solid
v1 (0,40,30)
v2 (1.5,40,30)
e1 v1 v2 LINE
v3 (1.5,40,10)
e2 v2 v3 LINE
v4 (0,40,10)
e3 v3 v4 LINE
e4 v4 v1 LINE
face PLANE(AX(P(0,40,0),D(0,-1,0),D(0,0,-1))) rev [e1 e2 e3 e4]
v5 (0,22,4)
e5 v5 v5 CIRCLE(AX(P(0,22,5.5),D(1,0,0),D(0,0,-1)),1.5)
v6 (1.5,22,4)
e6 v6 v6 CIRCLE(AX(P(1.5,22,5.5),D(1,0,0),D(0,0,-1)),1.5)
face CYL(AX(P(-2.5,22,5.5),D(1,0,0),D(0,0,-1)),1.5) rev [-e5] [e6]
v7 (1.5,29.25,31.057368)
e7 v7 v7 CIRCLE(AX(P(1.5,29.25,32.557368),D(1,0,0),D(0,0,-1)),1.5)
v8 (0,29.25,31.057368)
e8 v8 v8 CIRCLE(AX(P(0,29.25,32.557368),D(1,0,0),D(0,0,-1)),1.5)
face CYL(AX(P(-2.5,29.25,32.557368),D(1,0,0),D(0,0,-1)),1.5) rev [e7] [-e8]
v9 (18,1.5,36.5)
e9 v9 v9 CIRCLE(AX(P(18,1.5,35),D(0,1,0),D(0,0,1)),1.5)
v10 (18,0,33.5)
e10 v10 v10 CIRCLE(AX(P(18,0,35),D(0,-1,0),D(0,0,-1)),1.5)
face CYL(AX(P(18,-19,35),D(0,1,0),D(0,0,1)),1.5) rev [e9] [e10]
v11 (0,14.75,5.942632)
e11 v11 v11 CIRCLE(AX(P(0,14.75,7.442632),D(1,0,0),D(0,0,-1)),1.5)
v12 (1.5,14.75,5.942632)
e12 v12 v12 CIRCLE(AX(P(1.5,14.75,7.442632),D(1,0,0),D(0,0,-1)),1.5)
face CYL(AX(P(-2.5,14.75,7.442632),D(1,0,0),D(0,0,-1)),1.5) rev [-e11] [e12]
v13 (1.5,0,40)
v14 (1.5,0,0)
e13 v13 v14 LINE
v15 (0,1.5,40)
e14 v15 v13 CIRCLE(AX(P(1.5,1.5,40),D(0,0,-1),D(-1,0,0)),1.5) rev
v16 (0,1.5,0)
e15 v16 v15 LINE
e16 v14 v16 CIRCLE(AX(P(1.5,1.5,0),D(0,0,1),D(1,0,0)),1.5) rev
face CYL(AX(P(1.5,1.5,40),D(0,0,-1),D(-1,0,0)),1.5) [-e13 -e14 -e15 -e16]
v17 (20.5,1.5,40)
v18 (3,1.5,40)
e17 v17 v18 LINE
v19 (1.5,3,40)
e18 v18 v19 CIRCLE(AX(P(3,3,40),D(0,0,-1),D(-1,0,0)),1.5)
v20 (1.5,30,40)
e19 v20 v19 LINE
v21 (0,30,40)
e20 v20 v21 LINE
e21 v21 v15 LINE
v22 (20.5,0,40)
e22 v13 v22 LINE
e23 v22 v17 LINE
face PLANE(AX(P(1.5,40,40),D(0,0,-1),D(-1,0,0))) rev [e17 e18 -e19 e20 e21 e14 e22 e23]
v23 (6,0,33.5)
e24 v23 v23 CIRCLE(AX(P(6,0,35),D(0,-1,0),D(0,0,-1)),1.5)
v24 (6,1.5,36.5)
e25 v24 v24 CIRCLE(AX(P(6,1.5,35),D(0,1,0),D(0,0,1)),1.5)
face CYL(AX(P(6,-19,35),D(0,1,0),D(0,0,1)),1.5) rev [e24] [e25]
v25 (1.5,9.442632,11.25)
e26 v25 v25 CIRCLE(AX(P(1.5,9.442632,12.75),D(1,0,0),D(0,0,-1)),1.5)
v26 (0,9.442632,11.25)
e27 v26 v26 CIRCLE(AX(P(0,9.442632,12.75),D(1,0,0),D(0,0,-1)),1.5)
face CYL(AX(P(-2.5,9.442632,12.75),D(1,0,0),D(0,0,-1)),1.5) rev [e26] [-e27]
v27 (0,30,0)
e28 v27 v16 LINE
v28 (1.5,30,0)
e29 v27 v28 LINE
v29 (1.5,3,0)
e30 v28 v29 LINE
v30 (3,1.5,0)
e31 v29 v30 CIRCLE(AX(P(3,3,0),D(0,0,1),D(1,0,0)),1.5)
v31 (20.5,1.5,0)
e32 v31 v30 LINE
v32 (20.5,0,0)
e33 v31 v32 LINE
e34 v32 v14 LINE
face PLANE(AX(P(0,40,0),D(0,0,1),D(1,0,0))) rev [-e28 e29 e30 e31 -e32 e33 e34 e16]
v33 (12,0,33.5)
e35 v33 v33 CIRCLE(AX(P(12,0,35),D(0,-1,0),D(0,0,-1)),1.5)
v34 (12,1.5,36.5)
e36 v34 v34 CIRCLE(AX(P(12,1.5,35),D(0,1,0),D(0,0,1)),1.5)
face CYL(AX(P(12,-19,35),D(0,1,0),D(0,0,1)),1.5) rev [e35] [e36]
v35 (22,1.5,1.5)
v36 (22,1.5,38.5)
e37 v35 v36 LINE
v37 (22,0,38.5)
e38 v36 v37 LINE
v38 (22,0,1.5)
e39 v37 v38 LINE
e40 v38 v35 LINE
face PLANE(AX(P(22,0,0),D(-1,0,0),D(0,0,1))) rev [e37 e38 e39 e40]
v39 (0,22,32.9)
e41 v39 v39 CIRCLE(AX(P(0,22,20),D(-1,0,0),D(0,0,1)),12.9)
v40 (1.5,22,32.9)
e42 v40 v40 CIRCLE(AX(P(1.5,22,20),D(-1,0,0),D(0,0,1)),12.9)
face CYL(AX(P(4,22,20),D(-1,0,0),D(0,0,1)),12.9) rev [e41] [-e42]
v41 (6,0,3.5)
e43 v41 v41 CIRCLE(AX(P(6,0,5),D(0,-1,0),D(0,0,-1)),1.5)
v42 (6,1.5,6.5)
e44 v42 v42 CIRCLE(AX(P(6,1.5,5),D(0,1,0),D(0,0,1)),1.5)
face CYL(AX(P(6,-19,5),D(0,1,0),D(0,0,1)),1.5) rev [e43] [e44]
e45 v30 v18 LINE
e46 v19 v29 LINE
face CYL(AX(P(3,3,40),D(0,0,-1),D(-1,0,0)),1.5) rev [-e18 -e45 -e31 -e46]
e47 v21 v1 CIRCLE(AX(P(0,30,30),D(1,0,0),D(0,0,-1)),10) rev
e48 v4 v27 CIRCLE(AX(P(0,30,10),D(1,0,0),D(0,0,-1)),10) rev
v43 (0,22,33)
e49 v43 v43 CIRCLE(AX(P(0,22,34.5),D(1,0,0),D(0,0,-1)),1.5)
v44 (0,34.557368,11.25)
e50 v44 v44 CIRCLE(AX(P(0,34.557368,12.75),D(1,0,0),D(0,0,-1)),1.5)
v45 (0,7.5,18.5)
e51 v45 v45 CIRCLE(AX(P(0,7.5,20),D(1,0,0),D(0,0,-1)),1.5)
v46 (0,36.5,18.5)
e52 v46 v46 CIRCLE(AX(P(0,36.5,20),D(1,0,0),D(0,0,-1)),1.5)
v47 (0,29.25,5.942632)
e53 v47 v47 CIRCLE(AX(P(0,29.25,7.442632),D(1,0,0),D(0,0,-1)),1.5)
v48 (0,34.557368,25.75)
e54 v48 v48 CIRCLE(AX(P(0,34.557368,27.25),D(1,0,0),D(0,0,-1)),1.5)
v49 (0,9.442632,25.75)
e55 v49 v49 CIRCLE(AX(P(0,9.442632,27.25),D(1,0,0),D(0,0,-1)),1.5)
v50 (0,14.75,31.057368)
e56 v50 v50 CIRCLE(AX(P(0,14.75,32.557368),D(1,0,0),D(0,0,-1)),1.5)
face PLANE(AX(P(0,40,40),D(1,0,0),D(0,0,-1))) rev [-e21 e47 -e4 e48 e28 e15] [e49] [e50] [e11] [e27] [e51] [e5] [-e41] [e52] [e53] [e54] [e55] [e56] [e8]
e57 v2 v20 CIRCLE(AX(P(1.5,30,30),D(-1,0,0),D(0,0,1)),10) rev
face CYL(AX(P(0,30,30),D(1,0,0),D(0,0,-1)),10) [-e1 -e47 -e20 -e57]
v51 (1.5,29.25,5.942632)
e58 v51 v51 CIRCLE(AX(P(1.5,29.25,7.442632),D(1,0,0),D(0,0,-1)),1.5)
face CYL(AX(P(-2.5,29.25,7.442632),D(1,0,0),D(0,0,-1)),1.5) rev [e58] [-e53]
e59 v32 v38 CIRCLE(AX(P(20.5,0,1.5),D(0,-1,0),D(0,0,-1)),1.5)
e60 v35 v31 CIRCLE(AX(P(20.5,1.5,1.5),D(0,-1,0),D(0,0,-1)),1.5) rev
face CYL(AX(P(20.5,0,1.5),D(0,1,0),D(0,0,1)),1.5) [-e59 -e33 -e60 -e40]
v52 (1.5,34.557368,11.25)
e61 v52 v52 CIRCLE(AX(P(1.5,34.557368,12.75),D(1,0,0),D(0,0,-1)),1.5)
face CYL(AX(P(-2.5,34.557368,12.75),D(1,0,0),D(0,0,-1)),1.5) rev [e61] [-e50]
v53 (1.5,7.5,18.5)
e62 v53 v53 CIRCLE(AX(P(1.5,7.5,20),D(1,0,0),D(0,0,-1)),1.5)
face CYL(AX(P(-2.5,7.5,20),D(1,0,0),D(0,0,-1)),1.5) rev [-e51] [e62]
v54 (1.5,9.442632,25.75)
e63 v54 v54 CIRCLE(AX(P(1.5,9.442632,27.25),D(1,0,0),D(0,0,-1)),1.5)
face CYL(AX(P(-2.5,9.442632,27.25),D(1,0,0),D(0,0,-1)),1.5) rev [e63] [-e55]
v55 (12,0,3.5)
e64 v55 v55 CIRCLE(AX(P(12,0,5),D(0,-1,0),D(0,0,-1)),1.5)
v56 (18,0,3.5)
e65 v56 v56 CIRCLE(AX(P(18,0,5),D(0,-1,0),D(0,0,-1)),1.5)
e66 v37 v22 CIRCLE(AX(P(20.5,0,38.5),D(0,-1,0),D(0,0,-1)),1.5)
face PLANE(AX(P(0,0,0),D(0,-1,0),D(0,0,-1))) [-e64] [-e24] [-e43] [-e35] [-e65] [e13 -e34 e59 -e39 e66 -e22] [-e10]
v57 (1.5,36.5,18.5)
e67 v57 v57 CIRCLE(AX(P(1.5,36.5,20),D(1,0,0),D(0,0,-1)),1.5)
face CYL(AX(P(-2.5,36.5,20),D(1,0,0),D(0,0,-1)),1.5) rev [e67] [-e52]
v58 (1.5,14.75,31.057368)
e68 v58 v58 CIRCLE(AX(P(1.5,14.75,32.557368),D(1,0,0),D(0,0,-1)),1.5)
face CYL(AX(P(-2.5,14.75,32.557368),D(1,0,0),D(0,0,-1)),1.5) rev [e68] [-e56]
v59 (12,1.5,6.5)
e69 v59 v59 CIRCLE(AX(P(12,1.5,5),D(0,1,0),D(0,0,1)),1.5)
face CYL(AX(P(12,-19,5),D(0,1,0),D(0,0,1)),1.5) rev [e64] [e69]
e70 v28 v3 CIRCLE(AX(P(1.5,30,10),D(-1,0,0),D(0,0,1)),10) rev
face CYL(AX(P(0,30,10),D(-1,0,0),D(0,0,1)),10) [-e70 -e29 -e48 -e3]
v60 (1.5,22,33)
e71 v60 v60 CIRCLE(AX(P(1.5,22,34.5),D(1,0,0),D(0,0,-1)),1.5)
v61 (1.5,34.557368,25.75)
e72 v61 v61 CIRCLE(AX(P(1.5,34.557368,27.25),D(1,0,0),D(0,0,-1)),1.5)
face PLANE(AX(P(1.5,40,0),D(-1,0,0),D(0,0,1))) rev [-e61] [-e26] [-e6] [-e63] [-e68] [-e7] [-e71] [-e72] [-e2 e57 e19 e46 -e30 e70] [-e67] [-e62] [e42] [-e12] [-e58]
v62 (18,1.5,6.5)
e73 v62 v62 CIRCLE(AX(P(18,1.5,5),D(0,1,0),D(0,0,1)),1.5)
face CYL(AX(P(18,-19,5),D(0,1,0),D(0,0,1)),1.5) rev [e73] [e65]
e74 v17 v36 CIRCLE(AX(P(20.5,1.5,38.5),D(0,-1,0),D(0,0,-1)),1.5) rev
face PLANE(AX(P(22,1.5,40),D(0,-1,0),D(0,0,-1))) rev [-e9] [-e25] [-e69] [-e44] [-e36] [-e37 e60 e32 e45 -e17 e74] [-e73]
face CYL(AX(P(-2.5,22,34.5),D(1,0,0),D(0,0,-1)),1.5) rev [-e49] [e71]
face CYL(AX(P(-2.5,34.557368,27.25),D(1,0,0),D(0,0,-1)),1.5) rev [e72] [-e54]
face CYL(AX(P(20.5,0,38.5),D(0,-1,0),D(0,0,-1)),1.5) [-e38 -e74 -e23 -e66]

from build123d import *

# Parameters (mm, degrees)
SKETCH1_W           = 1.5
SKETCH1_H           = 40
BOSS_EXTRUDE1_DEPTH = 40
SKETCH2_W           = 40
SKETCH2_H           = 1.5
BOSS_EXTRUDE2_DEPTH = 20.5
SKETCH3_R           = 1.5
CUT_EXTRUDE1_DEPTH  = 20.5
FILLET5_R           = 1.5
FILLET6_R           = 1.5
FILLET7_R           = 10
FILLET8_R           = 10
FILLET9_R           = 1.5
FILLET10_R          = 1.5
SKETCH6_R           = 1.5
CUT_EXTRUDE2_DEPTH  = 4
SKETCH7_R           = 12.9
CUT_EXTRUDE5_DEPTH  = 4


with BuildPart() as part:
    # Sketch1 → Boss-Extrude1 (new body)
    with BuildSketch(Plane(origin=(0, 0, 0), x_dir=(1, 0, 0), z_dir=(0, 1, 0))):
        with Locations((0.75, -20)):
            Rectangle(SKETCH1_W, SKETCH1_H)
    extrude(amount=BOSS_EXTRUDE1_DEPTH)

    # Sketch2 → Boss-Extrude2 (add)
    with BuildSketch(Plane(origin=(1.5, 0, 0), x_dir=(0, 0, -1), z_dir=(1, 0, 0))):
        with Locations((-20, 0.75)):
            Rectangle(SKETCH2_W, SKETCH2_H)
    extrude(amount=BOSS_EXTRUDE2_DEPTH)

    # Sketch3 → Cut-Extrude1 (cut)
    with BuildSketch(Plane(origin=(0, 1.5, 0), x_dir=(1, 0, 0), z_dir=(0, 1, 0))):
        with Locations(Location((6, -5, 0), (0, 0, 270))):
            Circle(SKETCH3_R)
        with Locations(Location((6, -35, 0), (0, 0, 270))):
            Circle(SKETCH3_R)
        with Locations(Location((12, -35, 0), (0, 0, 270))):
            Circle(SKETCH3_R)
        with Locations(Location((12, -5, 0), (0, 0, 270))):
            Circle(SKETCH3_R)
        with Locations(Location((18, -5, 0), (0, 0, 270))):
            Circle(SKETCH3_R)
        with Locations(Location((18, -35, 0), (0, 0, 270))):
            Circle(SKETCH3_R)
    extrude(amount=-CUT_EXTRUDE1_DEPTH, mode=Mode.SUBTRACT)

    # Fillet5
    fillet5_edges = [part.edges().sort_by_distance(p)[0] for p in [
        (0, 0, 20),
    ]]
    fillet(fillet5_edges, radius=FILLET5_R)

    # Fillet6
    fillet6_edges = [part.edges().sort_by_distance(p)[0] for p in [
        (1.5, 1.5, 20),
    ]]
    fillet(fillet6_edges, radius=FILLET6_R)

    # Fillet7
    fillet7_edges = [part.edges().sort_by_distance(p)[0] for p in [
        (0.75, 40, 40),
    ]]
    fillet(fillet7_edges, radius=FILLET7_R)

    # Fillet8
    fillet8_edges = [part.edges().sort_by_distance(p)[0] for p in [
        (0.75, 40, 0),
    ]]
    fillet(fillet8_edges, radius=FILLET8_R)

    # Fillet9
    fillet9_edges = [part.edges().sort_by_distance(p)[0] for p in [
        (22, 0.75, 40),
    ]]
    fillet(fillet9_edges, radius=FILLET9_R)

    # Fillet10
    fillet10_edges = [part.edges().sort_by_distance(p)[0] for p in [
        (22, 0.75, 0),
    ]]
    fillet(fillet10_edges, radius=FILLET10_R)

    # Sketch6 → Cut-Extrude2 (cut)
    with BuildSketch(Plane(origin=(1.5, 0, 0), x_dir=(0, 0, -1), z_dir=(1, 0, 0))):
        with Locations((-20, 36.5)):
            Circle(SKETCH6_R)
        with Locations((-12.75, 34.557368355)):
            Circle(SKETCH6_R)
        with Locations((-7.442631645, 29.25)):
            Circle(SKETCH6_R)
        with Locations((-5.5, 22)):
            Circle(SKETCH6_R)
        with Locations((-7.442631645, 14.75)):
            Circle(SKETCH6_R)
        with Locations((-12.75, 9.442631645)):
            Circle(SKETCH6_R)
        with Locations((-20, 7.5)):
            Circle(SKETCH6_R)
        with Locations((-27.25, 9.442631645)):
            Circle(SKETCH6_R)
        with Locations((-32.557368355, 14.75)):
            Circle(SKETCH6_R)
        with Locations((-34.5, 22)):
            Circle(SKETCH6_R)
        with Locations((-32.557368355, 29.25)):
            Circle(SKETCH6_R)
        with Locations((-27.25, 34.557368355)):
            Circle(SKETCH6_R)
    extrude(amount=-CUT_EXTRUDE2_DEPTH, mode=Mode.SUBTRACT)

    # Sketch7 → Cut-Extrude5 (cut)
    with BuildSketch(Plane.ZY):
        with Locations((20, 22)):
            Circle(SKETCH7_R)
    extrude(amount=-CUT_EXTRUDE5_DEPTH, mode=Mode.SUBTRACT)


solid = part.part
